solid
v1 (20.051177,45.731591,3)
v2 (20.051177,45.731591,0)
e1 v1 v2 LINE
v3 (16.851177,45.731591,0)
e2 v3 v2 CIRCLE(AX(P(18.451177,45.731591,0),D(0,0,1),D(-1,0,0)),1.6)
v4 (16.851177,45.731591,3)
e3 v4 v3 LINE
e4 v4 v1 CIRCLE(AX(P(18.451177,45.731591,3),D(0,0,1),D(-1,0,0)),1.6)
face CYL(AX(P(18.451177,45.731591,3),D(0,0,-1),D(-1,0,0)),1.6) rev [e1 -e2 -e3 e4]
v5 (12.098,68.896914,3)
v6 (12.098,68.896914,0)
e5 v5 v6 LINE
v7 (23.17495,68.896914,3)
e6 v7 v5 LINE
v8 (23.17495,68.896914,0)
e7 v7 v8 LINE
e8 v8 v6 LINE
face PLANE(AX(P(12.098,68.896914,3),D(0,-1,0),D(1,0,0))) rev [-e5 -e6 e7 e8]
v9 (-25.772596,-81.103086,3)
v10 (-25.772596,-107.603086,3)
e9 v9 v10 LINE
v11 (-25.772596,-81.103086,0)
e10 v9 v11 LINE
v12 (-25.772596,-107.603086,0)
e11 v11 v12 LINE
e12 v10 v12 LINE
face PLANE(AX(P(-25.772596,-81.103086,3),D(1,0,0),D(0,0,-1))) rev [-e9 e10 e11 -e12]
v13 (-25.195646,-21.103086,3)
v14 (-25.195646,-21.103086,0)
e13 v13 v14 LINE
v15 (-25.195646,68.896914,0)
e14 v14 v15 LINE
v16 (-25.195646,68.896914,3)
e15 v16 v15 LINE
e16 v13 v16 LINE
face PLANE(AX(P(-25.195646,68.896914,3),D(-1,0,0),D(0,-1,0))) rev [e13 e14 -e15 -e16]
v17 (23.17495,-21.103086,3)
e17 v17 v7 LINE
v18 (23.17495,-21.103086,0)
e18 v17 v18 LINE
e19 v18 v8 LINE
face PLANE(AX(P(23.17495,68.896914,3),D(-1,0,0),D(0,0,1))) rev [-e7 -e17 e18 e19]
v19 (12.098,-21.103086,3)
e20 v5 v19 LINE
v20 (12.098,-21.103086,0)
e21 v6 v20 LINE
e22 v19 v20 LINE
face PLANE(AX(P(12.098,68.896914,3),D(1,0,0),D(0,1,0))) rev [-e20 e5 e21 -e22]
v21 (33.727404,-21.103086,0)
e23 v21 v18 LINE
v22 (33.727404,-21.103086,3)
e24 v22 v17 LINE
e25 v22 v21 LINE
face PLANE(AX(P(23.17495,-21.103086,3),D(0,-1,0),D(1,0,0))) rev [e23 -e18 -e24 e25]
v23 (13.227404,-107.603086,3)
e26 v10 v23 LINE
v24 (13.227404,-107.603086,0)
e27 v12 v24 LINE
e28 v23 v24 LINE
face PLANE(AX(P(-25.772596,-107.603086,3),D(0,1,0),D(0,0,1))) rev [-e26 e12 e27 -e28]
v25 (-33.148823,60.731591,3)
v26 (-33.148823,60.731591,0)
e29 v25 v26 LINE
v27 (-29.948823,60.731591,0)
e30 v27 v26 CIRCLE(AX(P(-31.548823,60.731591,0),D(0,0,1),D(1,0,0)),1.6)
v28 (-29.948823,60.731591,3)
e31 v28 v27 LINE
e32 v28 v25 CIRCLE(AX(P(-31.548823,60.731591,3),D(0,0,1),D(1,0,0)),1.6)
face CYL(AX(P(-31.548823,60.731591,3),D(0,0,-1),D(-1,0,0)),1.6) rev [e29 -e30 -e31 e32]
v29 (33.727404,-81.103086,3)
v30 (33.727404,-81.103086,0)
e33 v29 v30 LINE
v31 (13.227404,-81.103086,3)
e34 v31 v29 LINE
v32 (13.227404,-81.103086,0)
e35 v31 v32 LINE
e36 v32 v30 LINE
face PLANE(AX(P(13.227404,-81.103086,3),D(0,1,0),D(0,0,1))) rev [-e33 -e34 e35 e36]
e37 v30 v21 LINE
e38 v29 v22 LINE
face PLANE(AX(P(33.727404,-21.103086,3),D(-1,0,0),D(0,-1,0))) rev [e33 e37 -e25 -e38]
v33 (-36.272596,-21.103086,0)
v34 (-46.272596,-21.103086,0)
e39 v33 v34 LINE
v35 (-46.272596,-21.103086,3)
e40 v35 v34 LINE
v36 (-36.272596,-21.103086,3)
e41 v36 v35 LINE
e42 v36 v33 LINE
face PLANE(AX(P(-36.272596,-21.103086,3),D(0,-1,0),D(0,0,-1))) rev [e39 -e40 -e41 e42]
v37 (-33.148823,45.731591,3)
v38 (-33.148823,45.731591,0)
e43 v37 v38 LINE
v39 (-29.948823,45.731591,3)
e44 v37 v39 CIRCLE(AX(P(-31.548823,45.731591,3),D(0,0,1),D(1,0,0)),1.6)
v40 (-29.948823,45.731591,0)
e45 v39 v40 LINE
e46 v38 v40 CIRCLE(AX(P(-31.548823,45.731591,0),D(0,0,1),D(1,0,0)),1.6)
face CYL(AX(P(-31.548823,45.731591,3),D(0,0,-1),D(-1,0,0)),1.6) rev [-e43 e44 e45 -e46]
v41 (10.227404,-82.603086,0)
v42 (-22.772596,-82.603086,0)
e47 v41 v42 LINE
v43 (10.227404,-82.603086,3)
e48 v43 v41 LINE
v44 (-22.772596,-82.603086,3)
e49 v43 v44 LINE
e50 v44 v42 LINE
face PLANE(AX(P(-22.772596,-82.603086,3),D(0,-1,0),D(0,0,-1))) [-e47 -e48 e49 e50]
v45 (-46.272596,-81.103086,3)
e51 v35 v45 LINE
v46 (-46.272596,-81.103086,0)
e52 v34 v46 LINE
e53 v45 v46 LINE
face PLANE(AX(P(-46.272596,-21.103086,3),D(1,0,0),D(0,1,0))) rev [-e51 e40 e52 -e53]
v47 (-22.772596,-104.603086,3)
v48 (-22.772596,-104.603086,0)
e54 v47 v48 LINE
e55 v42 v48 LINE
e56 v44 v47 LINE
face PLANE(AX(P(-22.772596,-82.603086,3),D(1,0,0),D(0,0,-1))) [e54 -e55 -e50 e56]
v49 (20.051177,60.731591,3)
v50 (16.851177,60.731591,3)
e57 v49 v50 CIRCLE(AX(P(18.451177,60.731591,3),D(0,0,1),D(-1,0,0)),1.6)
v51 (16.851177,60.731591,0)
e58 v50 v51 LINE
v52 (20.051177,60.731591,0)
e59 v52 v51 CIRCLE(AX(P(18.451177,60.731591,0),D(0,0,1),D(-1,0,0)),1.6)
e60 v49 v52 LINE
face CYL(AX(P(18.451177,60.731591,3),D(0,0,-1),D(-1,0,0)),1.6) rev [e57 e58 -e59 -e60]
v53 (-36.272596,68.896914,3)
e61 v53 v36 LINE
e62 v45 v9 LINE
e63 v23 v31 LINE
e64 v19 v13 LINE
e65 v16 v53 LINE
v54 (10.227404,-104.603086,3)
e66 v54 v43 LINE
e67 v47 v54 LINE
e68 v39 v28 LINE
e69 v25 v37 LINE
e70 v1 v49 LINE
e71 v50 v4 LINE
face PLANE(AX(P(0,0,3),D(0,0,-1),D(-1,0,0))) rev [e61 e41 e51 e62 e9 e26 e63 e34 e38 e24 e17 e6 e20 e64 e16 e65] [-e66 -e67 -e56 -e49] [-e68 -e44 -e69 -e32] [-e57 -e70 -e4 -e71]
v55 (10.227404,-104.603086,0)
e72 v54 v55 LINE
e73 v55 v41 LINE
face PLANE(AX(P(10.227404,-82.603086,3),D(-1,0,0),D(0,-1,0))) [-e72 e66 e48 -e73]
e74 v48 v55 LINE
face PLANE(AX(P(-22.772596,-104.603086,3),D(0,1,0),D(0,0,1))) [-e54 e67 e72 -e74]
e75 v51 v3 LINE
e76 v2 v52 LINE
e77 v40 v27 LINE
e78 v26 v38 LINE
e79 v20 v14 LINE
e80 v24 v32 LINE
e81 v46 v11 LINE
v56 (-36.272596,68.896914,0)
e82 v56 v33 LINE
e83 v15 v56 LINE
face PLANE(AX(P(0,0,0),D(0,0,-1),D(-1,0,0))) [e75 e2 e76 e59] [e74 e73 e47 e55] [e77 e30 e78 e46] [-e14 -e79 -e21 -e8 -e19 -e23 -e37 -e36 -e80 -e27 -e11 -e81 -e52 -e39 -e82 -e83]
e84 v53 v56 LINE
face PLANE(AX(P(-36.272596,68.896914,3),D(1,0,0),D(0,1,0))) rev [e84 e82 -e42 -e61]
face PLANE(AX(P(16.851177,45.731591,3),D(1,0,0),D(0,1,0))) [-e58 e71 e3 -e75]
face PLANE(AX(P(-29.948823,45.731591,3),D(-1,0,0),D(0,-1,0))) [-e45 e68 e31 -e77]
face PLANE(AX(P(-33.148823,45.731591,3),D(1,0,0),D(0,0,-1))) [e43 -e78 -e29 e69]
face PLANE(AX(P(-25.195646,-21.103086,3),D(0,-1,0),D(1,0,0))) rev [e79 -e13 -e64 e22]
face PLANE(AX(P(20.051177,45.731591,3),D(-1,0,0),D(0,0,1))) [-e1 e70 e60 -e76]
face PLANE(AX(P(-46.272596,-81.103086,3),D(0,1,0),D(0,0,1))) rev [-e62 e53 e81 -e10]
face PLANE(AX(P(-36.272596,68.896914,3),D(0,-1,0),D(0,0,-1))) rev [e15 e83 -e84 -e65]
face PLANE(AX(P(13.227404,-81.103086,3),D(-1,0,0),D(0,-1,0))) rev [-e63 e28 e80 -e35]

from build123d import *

# Parameters (mm, degrees)
SKETCH_1_W      = 33
SKETCH_1_H      = 22
EXTRUDE_1_DEPTH = 3


with BuildPart() as part:
    # 草图1 → 凸台-拉伸1 (new body)
    with BuildSketch(Plane.XY):
        Polygon((12.097999847, 68.896913641), (23.174949538, 68.896913641), (23.174949538, -21.103086359), (33.727403861, -21.103086359), (33.727403861, -81.103086359), (13.227403861, -81.103086359), (13.227403861, -107.603086359), (-25.772596139, -107.603086359), (-25.772596139, -81.103086359), (-46.272596139, -81.103086359), (-46.272596139, -21.103086359), (-36.272596139, -21.103086359), (-36.272596139, 68.896913641), (-25.195646449, 68.896913641), (-25.195646449, -21.103086359), (12.097999847, -21.103086359), align=None)
        with BuildLine():
            Line((-33.148823301, 45.73159086), (-33.148823301, 60.73159086))
            ThreePointArc((-33.148823301, 60.73159086), (-31.548823301, 62.33159086), (-29.948823301, 60.73159086))
            Line((-29.948823301, 60.73159086), (-29.948823301, 45.73159086))
            ThreePointArc((-29.948823301, 45.73159086), (-31.548823301, 44.13159086), (-33.148823301, 45.73159086))
        make_face(mode=Mode.SUBTRACT)
        with BuildLine():
            Line((20.051176699, 45.73159086), (20.051176699, 60.73159086))
            ThreePointArc((20.051176699, 60.73159086), (18.451176699, 62.33159086), (16.851176699, 60.73159086))
            Line((16.851176699, 60.73159086), (16.851176699, 45.73159086))
            ThreePointArc((16.851176699, 45.73159086), (18.451176699, 44.13159086), (20.051176699, 45.73159086))
        make_face(mode=Mode.SUBTRACT)
        with Locations((-6.272596139, -93.603086359)):
            Rectangle(SKETCH_1_W, SKETCH_1_H, mode=Mode.SUBTRACT)
    extrude(amount=EXTRUDE_1_DEPTH)


solid = part.part
